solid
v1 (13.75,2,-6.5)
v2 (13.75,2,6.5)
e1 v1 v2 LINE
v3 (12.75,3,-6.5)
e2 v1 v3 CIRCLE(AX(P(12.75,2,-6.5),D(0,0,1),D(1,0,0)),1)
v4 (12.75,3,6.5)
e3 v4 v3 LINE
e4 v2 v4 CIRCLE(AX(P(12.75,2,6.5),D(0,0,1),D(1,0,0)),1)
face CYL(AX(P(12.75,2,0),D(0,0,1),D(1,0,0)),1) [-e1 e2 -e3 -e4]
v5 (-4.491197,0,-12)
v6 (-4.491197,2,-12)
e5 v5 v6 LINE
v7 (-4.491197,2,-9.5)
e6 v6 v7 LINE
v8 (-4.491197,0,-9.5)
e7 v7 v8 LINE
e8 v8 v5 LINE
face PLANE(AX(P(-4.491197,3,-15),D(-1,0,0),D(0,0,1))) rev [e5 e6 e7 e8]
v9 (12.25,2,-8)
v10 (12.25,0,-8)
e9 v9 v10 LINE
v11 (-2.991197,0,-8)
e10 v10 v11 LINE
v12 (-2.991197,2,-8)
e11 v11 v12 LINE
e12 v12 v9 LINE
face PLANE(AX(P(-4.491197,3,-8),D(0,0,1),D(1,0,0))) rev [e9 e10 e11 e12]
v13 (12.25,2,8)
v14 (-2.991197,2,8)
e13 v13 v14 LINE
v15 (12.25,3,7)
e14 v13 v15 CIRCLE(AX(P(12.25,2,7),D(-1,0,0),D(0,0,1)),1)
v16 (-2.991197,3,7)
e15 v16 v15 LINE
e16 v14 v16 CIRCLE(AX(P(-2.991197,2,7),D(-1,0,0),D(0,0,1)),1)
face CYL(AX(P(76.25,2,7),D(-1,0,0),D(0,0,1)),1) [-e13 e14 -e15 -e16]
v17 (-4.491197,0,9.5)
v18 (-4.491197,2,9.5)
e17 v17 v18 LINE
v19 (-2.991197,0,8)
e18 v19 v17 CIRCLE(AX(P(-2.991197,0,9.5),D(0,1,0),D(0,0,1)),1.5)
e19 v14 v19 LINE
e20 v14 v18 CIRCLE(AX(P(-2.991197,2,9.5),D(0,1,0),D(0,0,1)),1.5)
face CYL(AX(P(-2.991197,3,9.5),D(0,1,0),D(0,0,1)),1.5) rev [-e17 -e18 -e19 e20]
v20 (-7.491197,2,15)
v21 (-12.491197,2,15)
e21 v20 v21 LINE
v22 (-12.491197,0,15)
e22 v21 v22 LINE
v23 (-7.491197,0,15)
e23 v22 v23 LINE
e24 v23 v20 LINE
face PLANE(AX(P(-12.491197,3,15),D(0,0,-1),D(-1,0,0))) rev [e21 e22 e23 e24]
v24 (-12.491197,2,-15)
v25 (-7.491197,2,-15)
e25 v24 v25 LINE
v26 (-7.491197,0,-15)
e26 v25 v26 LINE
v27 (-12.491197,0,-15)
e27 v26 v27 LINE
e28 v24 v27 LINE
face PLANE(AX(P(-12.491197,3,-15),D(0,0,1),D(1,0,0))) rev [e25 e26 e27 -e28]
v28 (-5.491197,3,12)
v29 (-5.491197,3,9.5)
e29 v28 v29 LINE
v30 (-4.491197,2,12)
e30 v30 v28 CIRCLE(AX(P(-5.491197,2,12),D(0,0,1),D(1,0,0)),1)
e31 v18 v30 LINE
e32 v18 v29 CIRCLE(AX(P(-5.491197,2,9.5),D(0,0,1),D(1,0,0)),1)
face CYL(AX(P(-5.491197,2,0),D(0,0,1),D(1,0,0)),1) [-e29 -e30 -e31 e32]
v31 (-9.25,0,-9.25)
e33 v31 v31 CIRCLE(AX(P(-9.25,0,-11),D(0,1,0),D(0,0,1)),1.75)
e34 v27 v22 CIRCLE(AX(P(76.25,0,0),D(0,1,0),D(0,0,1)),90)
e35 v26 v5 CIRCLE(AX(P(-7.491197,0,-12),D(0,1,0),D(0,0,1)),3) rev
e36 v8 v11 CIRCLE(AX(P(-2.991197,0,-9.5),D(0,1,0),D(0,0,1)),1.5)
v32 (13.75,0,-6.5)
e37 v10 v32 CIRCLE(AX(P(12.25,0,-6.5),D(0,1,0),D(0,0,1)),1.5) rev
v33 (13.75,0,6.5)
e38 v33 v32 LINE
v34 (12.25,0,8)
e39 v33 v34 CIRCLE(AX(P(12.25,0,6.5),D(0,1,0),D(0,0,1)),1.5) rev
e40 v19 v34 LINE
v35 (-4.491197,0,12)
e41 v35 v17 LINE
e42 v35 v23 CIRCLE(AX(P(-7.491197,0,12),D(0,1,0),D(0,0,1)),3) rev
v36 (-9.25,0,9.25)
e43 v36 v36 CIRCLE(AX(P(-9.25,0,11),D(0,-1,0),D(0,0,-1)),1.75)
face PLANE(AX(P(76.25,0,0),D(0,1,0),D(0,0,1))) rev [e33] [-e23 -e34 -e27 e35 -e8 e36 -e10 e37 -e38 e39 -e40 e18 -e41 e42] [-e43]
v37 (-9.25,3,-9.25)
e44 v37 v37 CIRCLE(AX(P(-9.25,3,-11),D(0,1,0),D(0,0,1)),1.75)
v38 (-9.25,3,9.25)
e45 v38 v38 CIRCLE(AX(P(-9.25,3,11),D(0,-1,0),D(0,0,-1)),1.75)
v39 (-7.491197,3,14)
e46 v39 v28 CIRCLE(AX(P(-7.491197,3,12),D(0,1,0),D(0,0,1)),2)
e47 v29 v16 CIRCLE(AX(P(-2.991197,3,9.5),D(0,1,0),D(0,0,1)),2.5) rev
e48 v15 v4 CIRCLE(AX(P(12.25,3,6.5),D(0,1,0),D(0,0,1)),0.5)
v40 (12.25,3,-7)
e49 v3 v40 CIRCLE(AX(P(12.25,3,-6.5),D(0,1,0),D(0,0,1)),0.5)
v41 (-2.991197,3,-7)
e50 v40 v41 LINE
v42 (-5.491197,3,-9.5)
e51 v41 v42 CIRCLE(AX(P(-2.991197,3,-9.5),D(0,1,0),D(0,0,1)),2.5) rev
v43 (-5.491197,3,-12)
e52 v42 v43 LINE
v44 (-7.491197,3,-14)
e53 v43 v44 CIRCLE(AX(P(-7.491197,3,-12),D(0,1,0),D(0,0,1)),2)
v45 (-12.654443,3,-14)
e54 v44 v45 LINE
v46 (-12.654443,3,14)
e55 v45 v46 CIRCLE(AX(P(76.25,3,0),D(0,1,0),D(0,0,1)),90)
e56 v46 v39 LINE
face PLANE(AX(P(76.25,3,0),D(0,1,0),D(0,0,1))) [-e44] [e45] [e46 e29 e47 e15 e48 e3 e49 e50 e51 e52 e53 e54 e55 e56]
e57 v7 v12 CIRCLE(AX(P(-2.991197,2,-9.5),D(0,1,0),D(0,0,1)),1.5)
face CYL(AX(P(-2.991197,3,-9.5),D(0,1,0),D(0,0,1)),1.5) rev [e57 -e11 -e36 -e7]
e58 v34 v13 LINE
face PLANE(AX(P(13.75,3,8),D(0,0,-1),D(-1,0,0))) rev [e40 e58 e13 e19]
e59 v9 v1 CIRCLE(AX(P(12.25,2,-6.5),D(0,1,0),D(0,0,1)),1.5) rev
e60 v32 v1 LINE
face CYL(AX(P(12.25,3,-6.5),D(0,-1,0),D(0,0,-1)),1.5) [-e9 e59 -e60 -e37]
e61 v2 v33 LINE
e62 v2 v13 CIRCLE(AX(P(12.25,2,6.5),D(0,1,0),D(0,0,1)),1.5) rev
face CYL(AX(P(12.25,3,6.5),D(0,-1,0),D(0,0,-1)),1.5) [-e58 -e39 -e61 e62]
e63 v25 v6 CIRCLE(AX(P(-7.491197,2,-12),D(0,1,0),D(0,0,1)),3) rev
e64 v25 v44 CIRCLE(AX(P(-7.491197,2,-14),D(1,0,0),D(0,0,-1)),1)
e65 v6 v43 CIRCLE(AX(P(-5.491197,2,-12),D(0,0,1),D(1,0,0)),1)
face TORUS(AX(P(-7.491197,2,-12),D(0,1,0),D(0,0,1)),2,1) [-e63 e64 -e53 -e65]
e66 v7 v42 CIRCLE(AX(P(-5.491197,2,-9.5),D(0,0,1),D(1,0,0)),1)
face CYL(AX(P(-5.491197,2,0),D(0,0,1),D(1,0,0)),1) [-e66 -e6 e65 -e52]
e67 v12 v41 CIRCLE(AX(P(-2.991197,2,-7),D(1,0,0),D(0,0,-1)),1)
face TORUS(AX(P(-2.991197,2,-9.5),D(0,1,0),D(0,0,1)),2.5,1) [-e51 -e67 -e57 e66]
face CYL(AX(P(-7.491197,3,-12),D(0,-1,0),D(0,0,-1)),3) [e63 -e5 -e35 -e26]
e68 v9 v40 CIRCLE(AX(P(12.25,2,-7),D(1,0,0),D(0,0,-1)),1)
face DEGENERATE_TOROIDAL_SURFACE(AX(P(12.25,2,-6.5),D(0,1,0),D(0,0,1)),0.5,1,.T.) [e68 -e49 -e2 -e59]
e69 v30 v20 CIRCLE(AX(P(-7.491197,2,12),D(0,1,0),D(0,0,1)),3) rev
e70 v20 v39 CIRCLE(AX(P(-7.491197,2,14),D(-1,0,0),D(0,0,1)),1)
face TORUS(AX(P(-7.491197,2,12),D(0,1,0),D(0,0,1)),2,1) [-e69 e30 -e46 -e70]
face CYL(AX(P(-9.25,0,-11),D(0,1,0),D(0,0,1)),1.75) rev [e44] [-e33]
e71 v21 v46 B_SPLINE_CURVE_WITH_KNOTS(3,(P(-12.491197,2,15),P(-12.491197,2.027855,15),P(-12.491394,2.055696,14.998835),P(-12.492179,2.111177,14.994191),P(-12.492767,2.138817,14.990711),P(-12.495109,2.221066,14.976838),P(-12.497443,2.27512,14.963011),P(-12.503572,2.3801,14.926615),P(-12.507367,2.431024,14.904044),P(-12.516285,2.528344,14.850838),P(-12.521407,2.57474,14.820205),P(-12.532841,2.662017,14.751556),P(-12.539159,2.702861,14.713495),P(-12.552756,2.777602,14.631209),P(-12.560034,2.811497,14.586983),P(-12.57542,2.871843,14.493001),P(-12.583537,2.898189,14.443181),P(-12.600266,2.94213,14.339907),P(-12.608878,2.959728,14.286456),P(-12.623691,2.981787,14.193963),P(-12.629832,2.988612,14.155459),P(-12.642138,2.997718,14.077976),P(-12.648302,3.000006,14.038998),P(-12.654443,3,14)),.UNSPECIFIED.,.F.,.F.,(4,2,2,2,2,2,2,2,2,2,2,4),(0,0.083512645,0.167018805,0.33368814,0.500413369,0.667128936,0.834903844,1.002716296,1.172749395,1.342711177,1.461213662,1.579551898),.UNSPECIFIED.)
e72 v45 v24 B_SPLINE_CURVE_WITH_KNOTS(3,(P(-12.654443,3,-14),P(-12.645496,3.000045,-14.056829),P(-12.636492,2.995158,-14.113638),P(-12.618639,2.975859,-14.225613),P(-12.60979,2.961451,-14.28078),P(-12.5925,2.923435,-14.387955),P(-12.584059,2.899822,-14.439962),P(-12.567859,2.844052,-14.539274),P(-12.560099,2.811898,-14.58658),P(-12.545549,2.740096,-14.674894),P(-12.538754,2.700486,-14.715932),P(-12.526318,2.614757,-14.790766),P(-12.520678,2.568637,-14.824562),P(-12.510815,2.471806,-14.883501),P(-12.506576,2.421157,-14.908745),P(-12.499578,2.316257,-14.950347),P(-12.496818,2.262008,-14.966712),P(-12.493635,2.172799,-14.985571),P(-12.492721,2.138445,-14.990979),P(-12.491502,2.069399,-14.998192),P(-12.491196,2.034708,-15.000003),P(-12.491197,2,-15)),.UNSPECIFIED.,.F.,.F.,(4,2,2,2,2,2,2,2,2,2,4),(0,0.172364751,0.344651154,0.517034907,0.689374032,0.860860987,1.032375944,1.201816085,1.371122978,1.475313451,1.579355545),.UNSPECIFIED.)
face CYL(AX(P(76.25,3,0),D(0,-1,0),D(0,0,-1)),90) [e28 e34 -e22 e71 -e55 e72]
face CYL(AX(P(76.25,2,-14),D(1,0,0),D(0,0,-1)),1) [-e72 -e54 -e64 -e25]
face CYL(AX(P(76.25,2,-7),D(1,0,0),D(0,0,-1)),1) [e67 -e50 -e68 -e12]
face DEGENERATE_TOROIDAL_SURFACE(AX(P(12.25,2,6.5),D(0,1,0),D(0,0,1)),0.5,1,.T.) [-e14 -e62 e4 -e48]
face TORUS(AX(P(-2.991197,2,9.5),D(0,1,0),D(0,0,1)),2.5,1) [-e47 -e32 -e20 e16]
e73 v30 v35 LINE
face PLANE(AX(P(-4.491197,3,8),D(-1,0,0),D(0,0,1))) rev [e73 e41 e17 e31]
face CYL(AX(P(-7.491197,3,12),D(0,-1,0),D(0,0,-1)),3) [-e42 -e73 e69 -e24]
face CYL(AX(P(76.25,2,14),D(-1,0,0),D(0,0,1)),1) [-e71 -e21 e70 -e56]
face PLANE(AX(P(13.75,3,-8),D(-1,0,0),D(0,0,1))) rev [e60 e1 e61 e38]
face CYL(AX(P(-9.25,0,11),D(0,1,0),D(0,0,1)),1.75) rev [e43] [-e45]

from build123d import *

# Parameters (mm, degrees)
BOSS_EXTRUDE1_DEPTH = 3
SKETCH2_R           = 1.75
CUT_EXTRUDE1_DEPTH  = 4
FILLET1_R           = 1.5
FILLET3_R           = 3
FILLET2_R           = 1


with BuildPart() as part:
    # Sketch1 → Boss-Extrude1 (new body)
    with BuildSketch(Plane(origin=(0, 0, 0), x_dir=(1, 0, 0), z_dir=(0, 1, 0))):
        with BuildLine():
            Line((-12.491196746, 15), (-4.491196746, 15))
            Line((-4.491196746, 15), (-4.491196746, 8))
            Line((-4.491196746, 8), (13.75, 8))
            Line((13.75, 8), (13.75, -8))
            Line((13.75, -8), (-4.491196746, -8))
            Line((-4.491196746, -8), (-4.491196746, -15))
            Line((-4.491196746, -15), (-12.491196746, -15))
            ThreePointArc((-12.491196746, -15), (-13.75, 0), (-12.491196746, 15))
        make_face()
    extrude(amount=BOSS_EXTRUDE1_DEPTH)

    # Sketch2 → Cut-Extrude1 (cut, through all)
    with BuildSketch(Plane(origin=(0, 3, 0), x_dir=(1, 0, 0), z_dir=(0, 1, 0))):
        with Locations((-9.25, 11)):
            Circle(SKETCH2_R)
    cut_extrude1 = extrude(amount=-CUT_EXTRUDE1_DEPTH, mode=Mode.SUBTRACT)

    # Mirror1: Cut-Extrude1 across plane
    add(cut_extrude1.mirror(Plane.XY), mode=Mode.SUBTRACT)

    # Fillet1
    fillet1_edges = [part.edges().sort_by_distance(p)[0] for p in [
        (-4.491196746, 1.5, -8),
        (13.75, 1.5, -8),
        (13.75, 1.5, 8),
        (-4.491196746, 1.5, 8),
    ]]
    fillet(fillet1_edges, radius=FILLET1_R)

    # Fillet3
    fillet3_edges = [part.edges().sort_by_distance(p)[0] for p in [
        (-4.491196746, 1.5, -15),
        (-4.491196746, 1.5, 15),
    ]]
    fillet(fillet3_edges, radius=FILLET3_R)

    # Fillet2
    fillet2_edges = [part.edges().sort_by_distance(p)[0] for p in [
        (-4.491196746, 3, -10.75),
        (4.629401627, 3, -8),
        (4.629401627, 3, 8),
        (13.75, 3, 0),
        (13.310660172, 3, 7.560660172),
        (13.310660172, 3, -7.560660172),
        (-4.051856918, 3, -8.439339828),
        (-4.051856918, 3, 8.439339828),
        (-9.991196746, 3, -15),
        (-4.491196746, 3, 10.75),
        (-5.369876403, 3, 14.121320344),
        (-5.369876403, 3, -14.121320344),
        (-9.991196746, 3, 15),
    ]]
    fillet(fillet2_edges, radius=FILLET2_R)


solid = part.part
